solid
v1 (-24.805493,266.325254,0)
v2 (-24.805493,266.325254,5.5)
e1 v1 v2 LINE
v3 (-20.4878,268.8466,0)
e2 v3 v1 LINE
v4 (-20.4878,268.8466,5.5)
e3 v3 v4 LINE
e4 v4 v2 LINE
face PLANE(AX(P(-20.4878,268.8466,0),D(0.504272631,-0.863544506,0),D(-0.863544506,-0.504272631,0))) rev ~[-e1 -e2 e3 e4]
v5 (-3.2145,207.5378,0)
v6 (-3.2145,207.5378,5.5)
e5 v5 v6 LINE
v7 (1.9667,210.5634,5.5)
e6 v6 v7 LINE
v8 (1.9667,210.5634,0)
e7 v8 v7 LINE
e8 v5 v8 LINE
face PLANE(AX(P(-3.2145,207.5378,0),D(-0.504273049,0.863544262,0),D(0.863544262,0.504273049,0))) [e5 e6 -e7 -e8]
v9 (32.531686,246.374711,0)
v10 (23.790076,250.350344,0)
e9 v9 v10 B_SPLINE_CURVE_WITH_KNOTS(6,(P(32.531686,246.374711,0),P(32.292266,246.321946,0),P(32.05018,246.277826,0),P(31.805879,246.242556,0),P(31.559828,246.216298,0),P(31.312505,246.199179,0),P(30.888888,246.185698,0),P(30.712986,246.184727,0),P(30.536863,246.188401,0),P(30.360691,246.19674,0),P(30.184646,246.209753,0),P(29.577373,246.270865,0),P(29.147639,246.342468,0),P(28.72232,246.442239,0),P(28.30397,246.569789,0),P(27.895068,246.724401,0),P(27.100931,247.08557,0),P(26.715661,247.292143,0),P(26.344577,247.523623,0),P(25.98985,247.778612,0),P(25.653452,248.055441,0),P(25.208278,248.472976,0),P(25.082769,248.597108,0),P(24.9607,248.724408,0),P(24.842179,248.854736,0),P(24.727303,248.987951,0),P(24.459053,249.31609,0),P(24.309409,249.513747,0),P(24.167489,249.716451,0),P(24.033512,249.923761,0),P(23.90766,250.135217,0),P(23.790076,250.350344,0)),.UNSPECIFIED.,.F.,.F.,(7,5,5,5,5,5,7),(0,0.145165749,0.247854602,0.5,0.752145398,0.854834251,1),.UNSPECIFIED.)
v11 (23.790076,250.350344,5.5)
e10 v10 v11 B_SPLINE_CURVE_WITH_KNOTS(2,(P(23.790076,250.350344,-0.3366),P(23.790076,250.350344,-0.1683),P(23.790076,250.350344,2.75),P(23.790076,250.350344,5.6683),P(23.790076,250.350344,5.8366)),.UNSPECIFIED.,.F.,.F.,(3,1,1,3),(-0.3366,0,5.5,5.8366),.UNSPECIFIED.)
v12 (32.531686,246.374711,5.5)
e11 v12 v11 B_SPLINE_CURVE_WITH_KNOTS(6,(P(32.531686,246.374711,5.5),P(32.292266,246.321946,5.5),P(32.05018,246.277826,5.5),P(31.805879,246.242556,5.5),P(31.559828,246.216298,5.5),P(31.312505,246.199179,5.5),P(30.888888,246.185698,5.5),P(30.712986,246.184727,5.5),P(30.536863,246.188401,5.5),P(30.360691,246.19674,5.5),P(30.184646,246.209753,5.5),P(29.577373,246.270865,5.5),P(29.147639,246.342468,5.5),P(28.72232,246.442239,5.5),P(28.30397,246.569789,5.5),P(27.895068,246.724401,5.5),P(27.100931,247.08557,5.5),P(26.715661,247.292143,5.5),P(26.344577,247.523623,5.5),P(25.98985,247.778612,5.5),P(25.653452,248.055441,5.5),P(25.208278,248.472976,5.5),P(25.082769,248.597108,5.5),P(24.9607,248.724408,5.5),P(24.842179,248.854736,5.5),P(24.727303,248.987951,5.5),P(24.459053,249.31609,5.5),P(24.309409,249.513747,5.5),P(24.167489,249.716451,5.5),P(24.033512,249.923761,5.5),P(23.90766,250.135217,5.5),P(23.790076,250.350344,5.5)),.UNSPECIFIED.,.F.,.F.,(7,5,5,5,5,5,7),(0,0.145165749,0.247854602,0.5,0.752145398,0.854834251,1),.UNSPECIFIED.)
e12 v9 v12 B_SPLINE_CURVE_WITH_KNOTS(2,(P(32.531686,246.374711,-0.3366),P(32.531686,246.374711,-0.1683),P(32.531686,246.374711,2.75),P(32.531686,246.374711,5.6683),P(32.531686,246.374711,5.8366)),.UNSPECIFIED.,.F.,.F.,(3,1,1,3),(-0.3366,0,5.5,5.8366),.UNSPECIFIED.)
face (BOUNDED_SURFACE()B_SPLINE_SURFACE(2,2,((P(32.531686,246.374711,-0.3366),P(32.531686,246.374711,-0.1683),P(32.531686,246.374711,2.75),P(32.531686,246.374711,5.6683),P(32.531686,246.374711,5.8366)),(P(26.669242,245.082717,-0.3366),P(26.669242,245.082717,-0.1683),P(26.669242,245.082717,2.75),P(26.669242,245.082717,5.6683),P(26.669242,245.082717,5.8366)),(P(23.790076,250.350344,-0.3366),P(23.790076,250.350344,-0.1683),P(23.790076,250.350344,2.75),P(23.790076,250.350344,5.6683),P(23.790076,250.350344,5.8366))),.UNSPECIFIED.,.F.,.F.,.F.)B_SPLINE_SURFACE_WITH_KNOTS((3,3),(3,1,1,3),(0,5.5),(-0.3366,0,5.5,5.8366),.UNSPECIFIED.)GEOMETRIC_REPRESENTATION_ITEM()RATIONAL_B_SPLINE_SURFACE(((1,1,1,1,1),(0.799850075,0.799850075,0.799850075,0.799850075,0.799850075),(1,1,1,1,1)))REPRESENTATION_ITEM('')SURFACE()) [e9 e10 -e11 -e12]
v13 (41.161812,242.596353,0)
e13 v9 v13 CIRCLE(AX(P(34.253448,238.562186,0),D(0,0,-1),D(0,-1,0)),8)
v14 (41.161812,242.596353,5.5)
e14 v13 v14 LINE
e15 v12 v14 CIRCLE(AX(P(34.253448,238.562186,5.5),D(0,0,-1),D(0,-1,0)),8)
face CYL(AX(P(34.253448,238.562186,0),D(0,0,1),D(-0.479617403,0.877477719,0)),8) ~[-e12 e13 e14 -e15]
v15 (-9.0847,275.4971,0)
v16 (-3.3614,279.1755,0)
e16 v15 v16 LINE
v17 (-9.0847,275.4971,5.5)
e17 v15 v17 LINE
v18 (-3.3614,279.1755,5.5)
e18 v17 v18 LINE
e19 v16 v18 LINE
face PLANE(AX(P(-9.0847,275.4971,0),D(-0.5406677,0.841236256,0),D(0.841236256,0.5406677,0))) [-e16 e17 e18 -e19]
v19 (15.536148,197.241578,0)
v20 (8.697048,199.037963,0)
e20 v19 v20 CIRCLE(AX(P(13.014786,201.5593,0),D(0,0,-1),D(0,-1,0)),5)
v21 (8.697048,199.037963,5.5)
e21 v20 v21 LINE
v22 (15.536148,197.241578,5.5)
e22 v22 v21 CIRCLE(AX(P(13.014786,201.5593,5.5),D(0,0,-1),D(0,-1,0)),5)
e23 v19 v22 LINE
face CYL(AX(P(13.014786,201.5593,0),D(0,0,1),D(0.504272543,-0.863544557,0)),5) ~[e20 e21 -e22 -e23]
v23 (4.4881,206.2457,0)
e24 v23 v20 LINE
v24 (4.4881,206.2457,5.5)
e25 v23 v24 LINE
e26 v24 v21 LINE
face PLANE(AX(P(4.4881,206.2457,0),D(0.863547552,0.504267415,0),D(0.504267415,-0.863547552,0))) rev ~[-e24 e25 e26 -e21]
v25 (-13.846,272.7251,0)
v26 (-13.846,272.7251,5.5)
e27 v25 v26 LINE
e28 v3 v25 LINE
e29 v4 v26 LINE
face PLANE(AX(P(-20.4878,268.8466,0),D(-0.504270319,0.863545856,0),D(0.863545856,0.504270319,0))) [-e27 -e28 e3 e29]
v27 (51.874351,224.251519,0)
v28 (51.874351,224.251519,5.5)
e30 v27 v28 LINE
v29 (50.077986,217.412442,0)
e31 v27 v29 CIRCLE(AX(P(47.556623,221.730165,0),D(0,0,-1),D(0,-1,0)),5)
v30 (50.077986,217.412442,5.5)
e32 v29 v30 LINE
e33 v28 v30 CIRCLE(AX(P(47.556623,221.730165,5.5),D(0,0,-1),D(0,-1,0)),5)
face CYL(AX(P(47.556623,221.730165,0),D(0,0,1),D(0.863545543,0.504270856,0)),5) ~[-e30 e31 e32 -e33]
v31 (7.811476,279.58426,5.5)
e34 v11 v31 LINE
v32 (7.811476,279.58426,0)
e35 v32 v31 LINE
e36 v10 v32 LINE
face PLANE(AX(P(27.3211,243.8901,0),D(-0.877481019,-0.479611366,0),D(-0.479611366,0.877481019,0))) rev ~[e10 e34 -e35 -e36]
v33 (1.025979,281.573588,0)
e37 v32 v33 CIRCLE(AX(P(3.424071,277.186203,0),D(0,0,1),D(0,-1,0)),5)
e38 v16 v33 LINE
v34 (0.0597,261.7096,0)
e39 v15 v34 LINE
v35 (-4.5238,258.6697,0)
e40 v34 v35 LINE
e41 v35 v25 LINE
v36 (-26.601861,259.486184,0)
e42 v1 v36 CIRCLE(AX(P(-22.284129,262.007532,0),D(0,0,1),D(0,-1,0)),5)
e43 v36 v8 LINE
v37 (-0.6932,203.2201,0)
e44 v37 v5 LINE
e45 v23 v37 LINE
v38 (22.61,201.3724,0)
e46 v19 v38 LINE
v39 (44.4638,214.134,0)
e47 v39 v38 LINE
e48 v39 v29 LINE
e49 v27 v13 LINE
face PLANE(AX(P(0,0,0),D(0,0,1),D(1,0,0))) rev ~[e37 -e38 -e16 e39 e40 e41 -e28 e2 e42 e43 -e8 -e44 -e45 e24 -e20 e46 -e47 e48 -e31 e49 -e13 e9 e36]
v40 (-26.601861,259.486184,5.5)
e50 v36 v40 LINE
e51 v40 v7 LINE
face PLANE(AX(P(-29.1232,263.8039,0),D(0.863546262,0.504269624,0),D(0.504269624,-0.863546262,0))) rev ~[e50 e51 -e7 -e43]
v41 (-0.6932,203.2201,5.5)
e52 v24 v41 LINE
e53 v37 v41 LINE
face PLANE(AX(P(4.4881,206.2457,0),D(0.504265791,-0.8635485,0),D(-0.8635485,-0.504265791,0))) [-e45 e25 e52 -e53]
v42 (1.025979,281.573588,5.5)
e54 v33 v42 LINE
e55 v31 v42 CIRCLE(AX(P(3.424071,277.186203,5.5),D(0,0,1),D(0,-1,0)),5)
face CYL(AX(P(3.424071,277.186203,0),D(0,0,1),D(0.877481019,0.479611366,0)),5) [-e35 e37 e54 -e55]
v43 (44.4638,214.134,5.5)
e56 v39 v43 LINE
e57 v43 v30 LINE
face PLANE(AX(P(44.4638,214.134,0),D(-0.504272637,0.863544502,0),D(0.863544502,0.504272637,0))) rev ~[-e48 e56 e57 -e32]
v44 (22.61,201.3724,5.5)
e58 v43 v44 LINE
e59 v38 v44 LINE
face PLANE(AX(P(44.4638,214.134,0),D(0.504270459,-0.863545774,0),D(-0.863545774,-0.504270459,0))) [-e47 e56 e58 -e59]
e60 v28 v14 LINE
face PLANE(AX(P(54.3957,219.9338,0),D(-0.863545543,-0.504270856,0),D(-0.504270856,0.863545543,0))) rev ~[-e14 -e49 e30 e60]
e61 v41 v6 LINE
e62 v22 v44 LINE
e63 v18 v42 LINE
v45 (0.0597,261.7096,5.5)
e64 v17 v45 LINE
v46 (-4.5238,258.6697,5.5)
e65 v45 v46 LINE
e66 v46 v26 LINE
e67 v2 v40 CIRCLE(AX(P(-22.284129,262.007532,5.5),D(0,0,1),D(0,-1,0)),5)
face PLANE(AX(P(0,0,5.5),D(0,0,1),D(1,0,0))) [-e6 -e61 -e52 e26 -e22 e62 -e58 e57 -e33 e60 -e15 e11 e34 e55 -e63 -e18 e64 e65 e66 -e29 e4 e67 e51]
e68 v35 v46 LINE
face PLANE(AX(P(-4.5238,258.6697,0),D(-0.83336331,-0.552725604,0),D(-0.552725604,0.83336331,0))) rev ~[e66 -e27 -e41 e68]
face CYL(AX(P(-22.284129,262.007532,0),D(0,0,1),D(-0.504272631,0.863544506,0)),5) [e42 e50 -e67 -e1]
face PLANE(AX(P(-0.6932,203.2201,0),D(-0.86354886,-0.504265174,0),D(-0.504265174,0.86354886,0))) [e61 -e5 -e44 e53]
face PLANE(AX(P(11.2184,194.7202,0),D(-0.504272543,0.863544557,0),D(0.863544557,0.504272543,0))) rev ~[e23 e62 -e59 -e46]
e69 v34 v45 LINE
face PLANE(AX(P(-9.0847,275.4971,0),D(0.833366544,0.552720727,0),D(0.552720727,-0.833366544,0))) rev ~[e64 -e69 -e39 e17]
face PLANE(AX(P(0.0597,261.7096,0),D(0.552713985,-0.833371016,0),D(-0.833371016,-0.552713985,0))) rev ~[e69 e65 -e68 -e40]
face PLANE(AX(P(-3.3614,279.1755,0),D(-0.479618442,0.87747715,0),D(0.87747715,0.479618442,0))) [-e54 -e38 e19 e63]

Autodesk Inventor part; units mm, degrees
ref_plane "YZ Plane" through (0, 0, 0) normal (1, 0, 0) x (0, 1, 0)
ref_plane "XZ Plane" through (0, 0, 0) normal (0, 1, 0) x (-1, 0, 0)
ref_plane "XY Plane" through (0, 0, 0) normal (0, 0, 1) x (1, 0, 0)
sketch "Sketch1" plane through (0, 0, 0) normal (0, 0, 1) x (1, 0, 0)
  line L0 (-9.0847, 275.4971) -> (0.0597, 261.7096)
  line L1 (0.0597, 261.7096) -> (-4.5238, 258.6697)
  line L2 (-4.5238, 258.6697) -> (-13.846, 272.7251)
  line L3 (-20.4878, 268.8466) -> (-13.846, 272.7251)
  line L4 (-9.0847, 275.4971) -> (-3.3614, 279.1755)
  line L5 (-20.4878, 268.8466) -> (-29.1232, 263.8039)
  line L6 (-3.3614, 279.1755) -> (5.4134, 283.9717)
  line L7 (11.2184, 194.7202) -> (22.61, 201.3724)
  line L8 (44.4638, 214.134) -> (54.3957, 219.9338)
  line L9 (4.4881, 206.2457) -> (-0.6932, 203.2201)
  line L10 (-0.6932, 203.2201) -> (-3.2145, 207.5378)
  line L11 (-3.2145, 207.5378) -> (1.9667, 210.5634)
  line L12 (-29.1232, 263.8039) -> (1.9667, 210.5634)
  line L13 (4.4881, 206.2457) -> (11.2184, 194.7202)
  line L14 (54.3957, 219.9338) -> (37.2403, 249.3118)
  line L15 (37.2403, 249.3118) -> (27.3211, 243.8901)
  line L16 (27.3211, 243.8901) -> (5.4134, 283.9717)
  line L17 (44.4638, 214.134) -> (22.61, 201.3724)
  point P0 (0, 0)
  dimension "d11" = 20
  dimension "d12" = 5.5
  dimension "d13" = 10
  dimension "d14" = 80
  dimension "d15" = 50
  dimension "d16" = 10
  dimension "d17" = 6
  dimension "d18" = 5
extrude "Extrusion1" add sketch "Sketch1" along normal blind 5.5
fillet "Fillet2" radius 8 2 edges at (37.2403, 249.3118, 2.75) (27.3211, 243.8901, 2.75)
fillet "Fillet3" radius 5 4 edges at (5.4134, 283.9717, 2.75) (54.3957, 219.9338, 2.75) (11.2184, 194.7202, 2.75) (-29.1232, 263.8039, 2.75)
properties part number "adelante"
